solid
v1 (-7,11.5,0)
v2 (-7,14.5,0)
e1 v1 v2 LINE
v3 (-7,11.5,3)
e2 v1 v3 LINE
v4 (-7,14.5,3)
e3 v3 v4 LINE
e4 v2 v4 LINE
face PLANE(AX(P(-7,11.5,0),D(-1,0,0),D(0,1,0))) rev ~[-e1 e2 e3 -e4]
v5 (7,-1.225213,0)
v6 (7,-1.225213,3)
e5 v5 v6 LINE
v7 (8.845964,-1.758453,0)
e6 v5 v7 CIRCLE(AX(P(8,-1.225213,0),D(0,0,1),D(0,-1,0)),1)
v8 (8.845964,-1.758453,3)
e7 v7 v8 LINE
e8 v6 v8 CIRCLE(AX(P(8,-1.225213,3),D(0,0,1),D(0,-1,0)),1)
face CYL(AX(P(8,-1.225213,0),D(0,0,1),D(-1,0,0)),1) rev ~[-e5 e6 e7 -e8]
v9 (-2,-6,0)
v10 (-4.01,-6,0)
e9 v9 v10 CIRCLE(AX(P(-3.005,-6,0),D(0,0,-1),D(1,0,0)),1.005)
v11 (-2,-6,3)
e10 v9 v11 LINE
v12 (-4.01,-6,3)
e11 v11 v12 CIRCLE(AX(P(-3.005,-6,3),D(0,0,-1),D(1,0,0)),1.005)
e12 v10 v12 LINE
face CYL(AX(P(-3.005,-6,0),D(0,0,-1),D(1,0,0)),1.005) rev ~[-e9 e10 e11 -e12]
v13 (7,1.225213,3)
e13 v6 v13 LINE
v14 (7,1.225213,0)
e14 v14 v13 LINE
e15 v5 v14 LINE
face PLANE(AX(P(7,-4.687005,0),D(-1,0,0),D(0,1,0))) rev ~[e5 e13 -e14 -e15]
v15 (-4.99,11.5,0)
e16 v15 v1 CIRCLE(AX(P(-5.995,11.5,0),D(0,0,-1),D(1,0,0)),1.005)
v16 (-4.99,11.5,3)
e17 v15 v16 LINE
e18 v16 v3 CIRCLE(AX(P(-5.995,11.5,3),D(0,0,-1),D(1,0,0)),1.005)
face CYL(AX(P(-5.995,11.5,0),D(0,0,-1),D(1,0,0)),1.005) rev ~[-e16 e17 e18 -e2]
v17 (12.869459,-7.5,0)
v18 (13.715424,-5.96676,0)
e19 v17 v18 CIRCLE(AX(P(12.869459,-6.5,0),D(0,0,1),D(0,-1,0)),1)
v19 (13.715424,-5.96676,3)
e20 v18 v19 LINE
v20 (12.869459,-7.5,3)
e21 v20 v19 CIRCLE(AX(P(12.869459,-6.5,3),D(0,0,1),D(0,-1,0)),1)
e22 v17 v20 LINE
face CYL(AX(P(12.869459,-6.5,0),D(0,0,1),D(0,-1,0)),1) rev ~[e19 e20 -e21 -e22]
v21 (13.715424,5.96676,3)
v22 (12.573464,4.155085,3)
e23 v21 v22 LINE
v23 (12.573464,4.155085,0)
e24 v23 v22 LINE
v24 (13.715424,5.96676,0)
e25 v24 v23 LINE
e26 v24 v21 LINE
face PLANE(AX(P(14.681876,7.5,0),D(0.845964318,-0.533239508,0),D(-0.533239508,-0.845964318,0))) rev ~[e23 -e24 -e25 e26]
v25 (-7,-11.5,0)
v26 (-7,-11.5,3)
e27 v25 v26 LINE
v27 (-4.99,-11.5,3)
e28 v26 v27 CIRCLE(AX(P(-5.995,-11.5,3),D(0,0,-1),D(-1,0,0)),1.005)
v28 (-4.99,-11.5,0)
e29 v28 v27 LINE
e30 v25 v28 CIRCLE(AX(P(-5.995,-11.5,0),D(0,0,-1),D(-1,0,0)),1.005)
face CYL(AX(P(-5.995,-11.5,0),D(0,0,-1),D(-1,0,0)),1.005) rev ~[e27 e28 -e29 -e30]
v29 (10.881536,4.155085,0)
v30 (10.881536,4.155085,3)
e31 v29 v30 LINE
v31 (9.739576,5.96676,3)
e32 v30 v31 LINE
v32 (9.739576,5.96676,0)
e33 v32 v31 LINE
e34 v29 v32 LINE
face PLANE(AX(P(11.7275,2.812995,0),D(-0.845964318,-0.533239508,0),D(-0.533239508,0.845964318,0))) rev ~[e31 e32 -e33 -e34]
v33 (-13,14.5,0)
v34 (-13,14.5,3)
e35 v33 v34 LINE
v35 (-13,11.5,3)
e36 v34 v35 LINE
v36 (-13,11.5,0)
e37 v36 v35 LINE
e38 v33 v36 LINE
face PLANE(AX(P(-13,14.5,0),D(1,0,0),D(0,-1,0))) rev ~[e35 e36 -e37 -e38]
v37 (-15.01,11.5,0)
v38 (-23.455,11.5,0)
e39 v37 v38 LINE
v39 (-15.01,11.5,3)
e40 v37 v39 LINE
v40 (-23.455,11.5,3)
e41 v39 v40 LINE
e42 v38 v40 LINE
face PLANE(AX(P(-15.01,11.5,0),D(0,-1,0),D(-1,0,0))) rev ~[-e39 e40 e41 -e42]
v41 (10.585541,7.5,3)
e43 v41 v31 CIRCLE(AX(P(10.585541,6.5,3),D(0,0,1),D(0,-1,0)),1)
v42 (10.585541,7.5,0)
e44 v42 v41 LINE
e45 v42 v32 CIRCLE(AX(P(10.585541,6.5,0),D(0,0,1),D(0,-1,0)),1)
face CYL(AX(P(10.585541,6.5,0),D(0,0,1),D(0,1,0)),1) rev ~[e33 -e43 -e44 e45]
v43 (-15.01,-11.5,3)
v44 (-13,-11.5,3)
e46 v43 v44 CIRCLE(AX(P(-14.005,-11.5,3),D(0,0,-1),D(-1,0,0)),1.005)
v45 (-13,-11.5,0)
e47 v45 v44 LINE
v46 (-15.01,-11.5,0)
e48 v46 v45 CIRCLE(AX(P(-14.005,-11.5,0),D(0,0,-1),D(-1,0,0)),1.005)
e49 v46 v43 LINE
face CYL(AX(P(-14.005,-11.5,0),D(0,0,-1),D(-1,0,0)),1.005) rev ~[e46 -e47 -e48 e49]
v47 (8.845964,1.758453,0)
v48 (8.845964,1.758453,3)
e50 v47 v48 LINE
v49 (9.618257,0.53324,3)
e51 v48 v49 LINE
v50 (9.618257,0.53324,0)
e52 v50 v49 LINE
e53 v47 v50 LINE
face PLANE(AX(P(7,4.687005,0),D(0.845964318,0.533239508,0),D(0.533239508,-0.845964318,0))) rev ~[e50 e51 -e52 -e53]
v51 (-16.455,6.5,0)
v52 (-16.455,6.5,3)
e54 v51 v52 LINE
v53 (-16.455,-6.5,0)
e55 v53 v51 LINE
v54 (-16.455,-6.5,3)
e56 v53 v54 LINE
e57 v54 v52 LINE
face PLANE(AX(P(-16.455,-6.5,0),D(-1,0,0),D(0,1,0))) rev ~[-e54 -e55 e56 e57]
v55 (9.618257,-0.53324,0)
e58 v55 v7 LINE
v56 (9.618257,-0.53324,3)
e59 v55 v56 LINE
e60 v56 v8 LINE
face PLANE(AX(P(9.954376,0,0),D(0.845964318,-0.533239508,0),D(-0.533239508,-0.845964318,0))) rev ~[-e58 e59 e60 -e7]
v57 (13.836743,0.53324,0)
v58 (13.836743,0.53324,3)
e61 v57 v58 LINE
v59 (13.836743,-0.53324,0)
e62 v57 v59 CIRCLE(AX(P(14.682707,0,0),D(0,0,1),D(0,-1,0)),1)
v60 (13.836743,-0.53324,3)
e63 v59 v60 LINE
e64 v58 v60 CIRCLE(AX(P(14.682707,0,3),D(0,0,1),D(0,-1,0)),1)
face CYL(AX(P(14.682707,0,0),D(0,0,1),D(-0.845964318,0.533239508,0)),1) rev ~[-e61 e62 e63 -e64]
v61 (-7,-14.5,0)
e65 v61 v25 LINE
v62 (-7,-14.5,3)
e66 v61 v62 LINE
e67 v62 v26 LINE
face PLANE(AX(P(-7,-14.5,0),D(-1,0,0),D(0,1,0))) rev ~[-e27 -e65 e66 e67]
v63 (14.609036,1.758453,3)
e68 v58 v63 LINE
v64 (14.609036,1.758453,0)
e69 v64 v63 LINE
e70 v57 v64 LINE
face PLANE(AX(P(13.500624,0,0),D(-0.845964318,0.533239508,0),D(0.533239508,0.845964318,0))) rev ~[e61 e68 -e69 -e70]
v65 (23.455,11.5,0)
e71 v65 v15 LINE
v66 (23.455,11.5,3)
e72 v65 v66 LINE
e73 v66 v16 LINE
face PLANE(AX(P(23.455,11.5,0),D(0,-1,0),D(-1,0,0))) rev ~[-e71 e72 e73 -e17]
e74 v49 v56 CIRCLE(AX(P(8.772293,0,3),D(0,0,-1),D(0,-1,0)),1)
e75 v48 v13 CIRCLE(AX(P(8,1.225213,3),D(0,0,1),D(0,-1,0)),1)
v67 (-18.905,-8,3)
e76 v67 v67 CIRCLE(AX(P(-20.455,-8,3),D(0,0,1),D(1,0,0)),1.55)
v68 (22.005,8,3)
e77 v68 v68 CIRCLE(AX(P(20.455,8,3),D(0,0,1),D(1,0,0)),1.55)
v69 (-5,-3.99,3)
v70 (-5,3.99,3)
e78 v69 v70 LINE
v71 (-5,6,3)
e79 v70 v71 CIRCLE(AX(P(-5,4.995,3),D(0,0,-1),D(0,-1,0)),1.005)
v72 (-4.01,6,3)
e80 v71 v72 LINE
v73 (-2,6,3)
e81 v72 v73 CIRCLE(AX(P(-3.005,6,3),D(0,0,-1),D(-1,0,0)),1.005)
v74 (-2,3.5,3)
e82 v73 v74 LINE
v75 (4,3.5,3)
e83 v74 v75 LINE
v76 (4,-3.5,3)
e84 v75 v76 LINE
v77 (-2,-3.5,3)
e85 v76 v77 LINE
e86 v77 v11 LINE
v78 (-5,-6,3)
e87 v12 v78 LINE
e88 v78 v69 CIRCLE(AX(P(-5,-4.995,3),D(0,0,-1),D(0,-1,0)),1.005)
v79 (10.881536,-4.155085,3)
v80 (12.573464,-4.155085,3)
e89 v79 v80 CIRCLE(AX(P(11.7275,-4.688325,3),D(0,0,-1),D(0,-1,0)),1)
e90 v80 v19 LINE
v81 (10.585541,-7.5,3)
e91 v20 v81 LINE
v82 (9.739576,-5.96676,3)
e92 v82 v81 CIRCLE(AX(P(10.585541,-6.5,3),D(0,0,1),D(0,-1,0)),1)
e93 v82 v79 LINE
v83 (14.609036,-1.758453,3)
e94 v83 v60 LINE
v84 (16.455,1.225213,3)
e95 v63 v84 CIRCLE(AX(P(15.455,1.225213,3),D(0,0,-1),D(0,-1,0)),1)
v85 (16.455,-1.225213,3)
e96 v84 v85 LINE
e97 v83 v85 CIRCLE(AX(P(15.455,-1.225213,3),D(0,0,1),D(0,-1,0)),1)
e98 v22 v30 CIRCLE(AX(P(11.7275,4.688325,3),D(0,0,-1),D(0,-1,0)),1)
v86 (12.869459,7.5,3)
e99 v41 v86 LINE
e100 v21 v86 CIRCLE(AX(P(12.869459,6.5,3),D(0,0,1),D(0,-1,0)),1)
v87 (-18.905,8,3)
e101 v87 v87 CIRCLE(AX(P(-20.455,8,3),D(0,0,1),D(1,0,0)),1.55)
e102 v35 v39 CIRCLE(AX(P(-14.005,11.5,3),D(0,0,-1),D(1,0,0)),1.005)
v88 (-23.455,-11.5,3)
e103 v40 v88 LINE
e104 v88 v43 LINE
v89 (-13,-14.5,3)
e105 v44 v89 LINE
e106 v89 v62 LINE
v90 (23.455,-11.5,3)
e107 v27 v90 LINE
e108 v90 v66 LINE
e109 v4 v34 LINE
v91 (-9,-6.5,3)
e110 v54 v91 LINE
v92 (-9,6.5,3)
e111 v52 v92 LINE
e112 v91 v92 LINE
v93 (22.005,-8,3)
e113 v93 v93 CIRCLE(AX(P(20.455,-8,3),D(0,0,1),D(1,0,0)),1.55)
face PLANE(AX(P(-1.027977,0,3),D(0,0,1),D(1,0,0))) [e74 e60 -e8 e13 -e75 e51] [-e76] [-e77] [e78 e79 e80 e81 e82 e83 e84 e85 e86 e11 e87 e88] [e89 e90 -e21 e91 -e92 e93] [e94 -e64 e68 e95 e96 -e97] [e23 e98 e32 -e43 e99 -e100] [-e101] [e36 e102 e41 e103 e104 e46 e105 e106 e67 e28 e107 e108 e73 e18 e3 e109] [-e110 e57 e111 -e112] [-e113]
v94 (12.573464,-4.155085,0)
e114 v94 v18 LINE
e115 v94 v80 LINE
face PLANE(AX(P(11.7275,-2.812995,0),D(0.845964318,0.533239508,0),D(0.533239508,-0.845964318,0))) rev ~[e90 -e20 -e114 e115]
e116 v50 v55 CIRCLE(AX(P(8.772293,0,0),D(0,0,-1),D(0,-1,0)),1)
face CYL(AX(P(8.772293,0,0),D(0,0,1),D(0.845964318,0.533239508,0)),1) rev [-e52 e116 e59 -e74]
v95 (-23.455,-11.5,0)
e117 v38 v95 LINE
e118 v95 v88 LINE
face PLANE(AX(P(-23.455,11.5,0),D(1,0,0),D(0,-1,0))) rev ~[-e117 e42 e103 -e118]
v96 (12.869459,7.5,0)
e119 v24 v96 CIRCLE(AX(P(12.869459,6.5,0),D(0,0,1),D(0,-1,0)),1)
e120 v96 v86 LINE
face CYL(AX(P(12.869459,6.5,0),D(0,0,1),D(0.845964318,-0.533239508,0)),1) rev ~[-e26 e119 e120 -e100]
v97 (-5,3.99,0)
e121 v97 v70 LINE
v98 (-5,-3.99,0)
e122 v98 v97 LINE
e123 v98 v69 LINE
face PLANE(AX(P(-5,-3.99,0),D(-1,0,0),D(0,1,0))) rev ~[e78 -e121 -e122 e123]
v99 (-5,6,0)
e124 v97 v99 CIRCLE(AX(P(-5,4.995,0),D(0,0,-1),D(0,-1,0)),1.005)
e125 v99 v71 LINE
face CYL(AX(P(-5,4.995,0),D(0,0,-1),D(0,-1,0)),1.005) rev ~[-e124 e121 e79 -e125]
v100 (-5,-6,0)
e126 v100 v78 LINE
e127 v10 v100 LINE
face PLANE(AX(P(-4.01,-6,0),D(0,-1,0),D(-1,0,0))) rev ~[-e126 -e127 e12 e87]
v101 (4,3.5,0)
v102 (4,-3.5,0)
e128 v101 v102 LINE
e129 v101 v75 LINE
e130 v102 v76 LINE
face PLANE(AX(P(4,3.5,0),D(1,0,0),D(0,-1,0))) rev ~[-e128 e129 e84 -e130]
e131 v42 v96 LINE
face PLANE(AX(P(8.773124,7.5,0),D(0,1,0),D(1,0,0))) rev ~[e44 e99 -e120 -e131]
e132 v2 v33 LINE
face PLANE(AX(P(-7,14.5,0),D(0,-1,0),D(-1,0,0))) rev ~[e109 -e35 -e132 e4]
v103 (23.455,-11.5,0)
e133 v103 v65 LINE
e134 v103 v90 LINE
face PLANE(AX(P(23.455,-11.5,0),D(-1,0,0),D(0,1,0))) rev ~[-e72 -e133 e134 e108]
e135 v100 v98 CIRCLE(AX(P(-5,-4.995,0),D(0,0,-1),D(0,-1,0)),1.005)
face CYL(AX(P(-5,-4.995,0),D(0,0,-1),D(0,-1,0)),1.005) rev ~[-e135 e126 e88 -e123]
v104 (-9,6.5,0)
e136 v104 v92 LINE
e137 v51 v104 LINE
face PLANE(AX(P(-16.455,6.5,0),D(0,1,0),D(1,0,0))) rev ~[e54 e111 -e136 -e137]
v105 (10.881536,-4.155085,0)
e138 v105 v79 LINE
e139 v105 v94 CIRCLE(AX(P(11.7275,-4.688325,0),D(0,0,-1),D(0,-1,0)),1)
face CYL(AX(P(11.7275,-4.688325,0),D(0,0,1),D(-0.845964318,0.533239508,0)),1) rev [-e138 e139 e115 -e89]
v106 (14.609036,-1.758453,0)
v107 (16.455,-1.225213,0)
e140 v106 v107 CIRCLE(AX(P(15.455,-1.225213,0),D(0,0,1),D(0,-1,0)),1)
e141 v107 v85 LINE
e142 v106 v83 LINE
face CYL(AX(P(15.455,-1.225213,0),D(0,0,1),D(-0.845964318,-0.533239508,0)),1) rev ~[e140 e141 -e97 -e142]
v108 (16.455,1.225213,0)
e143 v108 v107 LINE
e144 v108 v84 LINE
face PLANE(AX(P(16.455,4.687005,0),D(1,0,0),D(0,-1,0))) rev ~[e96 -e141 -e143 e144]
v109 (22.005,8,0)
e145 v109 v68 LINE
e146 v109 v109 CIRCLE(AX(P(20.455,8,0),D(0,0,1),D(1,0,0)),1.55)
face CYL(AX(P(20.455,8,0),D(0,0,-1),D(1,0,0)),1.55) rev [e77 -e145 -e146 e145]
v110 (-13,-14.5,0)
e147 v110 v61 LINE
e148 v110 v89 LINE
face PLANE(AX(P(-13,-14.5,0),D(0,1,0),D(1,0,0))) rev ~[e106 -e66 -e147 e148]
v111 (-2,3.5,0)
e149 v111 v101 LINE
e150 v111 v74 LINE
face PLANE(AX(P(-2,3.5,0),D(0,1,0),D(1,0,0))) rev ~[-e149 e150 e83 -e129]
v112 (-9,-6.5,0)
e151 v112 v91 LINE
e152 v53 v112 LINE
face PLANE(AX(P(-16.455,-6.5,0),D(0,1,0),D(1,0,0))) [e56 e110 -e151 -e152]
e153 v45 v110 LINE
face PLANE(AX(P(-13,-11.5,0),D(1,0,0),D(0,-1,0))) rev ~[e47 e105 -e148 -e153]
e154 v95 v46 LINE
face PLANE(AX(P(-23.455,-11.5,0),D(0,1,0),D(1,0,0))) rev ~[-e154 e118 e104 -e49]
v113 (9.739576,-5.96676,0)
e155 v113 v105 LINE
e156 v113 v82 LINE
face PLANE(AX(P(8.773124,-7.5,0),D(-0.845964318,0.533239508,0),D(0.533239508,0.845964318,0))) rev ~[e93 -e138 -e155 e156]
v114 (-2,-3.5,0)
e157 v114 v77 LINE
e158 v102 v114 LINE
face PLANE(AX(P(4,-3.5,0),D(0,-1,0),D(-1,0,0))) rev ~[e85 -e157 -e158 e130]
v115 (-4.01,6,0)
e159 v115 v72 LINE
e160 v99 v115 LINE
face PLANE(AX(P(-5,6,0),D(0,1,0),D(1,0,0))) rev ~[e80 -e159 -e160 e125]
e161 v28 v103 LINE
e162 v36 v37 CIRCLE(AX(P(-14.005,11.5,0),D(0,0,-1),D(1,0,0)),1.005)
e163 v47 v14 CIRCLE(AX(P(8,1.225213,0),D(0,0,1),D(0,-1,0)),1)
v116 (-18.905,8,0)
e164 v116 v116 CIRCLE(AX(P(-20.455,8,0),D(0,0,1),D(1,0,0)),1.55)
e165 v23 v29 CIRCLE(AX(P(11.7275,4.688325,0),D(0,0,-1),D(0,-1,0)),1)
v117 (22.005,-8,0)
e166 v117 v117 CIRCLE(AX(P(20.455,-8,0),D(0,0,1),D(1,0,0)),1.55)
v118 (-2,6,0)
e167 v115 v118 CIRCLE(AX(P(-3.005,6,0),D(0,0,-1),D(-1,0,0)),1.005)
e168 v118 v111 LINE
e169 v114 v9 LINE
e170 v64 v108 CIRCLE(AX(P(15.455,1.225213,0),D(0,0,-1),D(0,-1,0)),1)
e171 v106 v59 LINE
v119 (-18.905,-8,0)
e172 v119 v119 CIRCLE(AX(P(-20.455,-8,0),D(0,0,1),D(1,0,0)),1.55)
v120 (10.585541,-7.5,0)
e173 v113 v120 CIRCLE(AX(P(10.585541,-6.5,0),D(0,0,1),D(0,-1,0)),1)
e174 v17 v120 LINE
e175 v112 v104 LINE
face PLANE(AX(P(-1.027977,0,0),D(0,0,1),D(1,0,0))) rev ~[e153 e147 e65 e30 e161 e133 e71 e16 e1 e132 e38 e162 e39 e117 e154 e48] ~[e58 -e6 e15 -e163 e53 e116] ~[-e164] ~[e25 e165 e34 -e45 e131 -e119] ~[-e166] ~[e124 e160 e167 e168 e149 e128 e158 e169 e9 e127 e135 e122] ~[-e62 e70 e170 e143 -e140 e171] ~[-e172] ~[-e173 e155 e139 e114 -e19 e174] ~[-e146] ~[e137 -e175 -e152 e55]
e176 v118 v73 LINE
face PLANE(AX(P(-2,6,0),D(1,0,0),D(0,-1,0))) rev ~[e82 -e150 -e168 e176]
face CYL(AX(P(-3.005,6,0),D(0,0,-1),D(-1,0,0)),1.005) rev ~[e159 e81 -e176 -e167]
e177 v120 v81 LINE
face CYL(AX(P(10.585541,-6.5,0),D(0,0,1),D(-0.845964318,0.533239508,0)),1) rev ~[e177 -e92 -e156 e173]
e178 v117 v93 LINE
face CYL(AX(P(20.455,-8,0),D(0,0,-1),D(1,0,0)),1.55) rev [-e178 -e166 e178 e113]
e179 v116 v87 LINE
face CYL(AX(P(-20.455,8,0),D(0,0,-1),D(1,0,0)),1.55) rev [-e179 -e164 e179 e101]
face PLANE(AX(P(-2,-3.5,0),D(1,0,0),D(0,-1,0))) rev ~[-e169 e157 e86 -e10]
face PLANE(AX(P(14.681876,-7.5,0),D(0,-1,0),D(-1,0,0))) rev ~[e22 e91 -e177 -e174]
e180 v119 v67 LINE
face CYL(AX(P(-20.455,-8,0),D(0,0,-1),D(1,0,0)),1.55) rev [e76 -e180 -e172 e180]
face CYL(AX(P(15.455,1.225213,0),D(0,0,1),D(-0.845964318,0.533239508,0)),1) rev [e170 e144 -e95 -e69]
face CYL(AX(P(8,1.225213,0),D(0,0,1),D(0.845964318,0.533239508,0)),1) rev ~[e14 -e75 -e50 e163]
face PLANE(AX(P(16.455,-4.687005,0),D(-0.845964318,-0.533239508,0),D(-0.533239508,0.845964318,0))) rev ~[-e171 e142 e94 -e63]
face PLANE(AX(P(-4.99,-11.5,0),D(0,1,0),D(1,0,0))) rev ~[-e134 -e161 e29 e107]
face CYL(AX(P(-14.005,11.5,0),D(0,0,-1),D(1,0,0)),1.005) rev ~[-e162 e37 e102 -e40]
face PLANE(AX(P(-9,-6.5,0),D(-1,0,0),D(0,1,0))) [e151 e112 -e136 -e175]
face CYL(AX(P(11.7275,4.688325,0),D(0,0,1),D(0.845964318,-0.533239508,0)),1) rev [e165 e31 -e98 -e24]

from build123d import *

# Parameters (mm, degrees)
SKETCH_1_R      = 1.55
SKETCH_1_W      = 7.455
SKETCH_1_H      = 13
EXTRUDE_1_DEPTH = 3
FILLET_1_R      = 1


with BuildPart() as part:
    # 草图1 → 凸台-拉伸1 (new body)
    with BuildSketch(Plane.XY):
        with BuildLine():
            Line((-13, 14.5), (-13, 11.5))
            ThreePointArc((-13, 11.5), (-14.005, 10.495), (-15.01, 11.5))
            Line((-15.01, 11.5), (-23.455, 11.5))
            Line((-23.455, 11.5), (-23.455, -11.5))
            Line((-23.455, -11.5), (-15.01, -11.5))
            ThreePointArc((-15.01, -11.5), (-14.005, -10.495), (-13, -11.5))
            Line((-13, -11.5), (-13, -14.5))
            Line((-13, -14.5), (-7, -14.5))
            Line((-7, -14.5), (-7, -11.5))
            ThreePointArc((-7, -11.5), (-5.995, -10.495), (-4.99, -11.5))
            Line((-4.99, -11.5), (23.455, -11.5))
            Line((23.455, -11.5), (23.455, 11.5))
            Line((23.455, 11.5), (-4.99, 11.5))
            ThreePointArc((-4.99, 11.5), (-5.995, 10.495), (-7, 11.5))
            Line((-7, 11.5), (-7, 14.5))
            Line((-7, 14.5), (-13, 14.5))
        make_face()
        with Locations((-20.455, -8)):
            Circle(SKETCH_1_R, mode=Mode.SUBTRACT)
        with Locations((20.455, -8)):
            Circle(SKETCH_1_R, mode=Mode.SUBTRACT)
        Polygon((9.954375568, 0), (7, -4.687005132), (7, 4.687005132), align=None, mode=Mode.SUBTRACT)
        Polygon((11.7275, -2.812994868), (14.681875568, -7.5), (8.773124432, -7.5), align=None, mode=Mode.SUBTRACT)
        with Locations((-12.7275, 0)):
            Rectangle(SKETCH_1_W, SKETCH_1_H, mode=Mode.SUBTRACT)
        with BuildLine():
            Line((-2, -3.5), (-2, -6))
            ThreePointArc((-2, -6), (-3.005, -7.005), (-4.01, -6))
            Line((-4.01, -6), (-5, -6))
            ThreePointArc((-5, -6), (-6.005, -4.995), (-5, -3.99))
            Line((-5, -3.99), (-5, 3.99))
            ThreePointArc((-5, 3.99), (-6.005, 4.995), (-5, 6))
            Line((-5, 6), (-4.01, 6))
            ThreePointArc((-4.01, 6), (-3.005, 7.005), (-2, 6))
            Line((-2, 6), (-2, 3.5))
            Line((-2, 3.5), (4, 3.5))
            Line((4, 3.5), (4, -3.5))
            Line((4, -3.5), (-2, -3.5))
        make_face(mode=Mode.SUBTRACT)
        with Locations((-20.455, 8)):
            Circle(SKETCH_1_R, mode=Mode.SUBTRACT)
        Polygon((16.455, 4.687005132), (16.455, -4.687005132), (13.500624432, 0), align=None, mode=Mode.SUBTRACT)
        Polygon((11.7275, 2.812994868), (8.773124432, 7.5), (14.681875568, 7.5), align=None, mode=Mode.SUBTRACT)
        with Locations((20.455, 8)):
            Circle(SKETCH_1_R, mode=Mode.SUBTRACT)
    extrude(amount=EXTRUDE_1_DEPTH)

    # 圆角1
    fillet_1_edges = [part.edges().sort_by_distance(p)[0] for p in [
        (16.455, -4.687005132, 1.5),
        (16.455, 4.687005132, 1.5),
        (13.500624432, 0, 1.5),
        (14.681875568, -7.5, 1.5),
        (11.7275, -2.812994868, 1.5),
        (8.773124432, -7.5, 1.5),
        (7, 4.687005132, 1.5),
        (7, -4.687005132, 1.5),
        (9.954375568, 0, 1.5),
        (14.681875568, 7.5, 1.5),
        (8.773124432, 7.5, 1.5),
        (11.7275, 2.812994868, 1.5),
    ]]
    fillet(fillet_1_edges, radius=FILLET_1_R)


solid = part.part
